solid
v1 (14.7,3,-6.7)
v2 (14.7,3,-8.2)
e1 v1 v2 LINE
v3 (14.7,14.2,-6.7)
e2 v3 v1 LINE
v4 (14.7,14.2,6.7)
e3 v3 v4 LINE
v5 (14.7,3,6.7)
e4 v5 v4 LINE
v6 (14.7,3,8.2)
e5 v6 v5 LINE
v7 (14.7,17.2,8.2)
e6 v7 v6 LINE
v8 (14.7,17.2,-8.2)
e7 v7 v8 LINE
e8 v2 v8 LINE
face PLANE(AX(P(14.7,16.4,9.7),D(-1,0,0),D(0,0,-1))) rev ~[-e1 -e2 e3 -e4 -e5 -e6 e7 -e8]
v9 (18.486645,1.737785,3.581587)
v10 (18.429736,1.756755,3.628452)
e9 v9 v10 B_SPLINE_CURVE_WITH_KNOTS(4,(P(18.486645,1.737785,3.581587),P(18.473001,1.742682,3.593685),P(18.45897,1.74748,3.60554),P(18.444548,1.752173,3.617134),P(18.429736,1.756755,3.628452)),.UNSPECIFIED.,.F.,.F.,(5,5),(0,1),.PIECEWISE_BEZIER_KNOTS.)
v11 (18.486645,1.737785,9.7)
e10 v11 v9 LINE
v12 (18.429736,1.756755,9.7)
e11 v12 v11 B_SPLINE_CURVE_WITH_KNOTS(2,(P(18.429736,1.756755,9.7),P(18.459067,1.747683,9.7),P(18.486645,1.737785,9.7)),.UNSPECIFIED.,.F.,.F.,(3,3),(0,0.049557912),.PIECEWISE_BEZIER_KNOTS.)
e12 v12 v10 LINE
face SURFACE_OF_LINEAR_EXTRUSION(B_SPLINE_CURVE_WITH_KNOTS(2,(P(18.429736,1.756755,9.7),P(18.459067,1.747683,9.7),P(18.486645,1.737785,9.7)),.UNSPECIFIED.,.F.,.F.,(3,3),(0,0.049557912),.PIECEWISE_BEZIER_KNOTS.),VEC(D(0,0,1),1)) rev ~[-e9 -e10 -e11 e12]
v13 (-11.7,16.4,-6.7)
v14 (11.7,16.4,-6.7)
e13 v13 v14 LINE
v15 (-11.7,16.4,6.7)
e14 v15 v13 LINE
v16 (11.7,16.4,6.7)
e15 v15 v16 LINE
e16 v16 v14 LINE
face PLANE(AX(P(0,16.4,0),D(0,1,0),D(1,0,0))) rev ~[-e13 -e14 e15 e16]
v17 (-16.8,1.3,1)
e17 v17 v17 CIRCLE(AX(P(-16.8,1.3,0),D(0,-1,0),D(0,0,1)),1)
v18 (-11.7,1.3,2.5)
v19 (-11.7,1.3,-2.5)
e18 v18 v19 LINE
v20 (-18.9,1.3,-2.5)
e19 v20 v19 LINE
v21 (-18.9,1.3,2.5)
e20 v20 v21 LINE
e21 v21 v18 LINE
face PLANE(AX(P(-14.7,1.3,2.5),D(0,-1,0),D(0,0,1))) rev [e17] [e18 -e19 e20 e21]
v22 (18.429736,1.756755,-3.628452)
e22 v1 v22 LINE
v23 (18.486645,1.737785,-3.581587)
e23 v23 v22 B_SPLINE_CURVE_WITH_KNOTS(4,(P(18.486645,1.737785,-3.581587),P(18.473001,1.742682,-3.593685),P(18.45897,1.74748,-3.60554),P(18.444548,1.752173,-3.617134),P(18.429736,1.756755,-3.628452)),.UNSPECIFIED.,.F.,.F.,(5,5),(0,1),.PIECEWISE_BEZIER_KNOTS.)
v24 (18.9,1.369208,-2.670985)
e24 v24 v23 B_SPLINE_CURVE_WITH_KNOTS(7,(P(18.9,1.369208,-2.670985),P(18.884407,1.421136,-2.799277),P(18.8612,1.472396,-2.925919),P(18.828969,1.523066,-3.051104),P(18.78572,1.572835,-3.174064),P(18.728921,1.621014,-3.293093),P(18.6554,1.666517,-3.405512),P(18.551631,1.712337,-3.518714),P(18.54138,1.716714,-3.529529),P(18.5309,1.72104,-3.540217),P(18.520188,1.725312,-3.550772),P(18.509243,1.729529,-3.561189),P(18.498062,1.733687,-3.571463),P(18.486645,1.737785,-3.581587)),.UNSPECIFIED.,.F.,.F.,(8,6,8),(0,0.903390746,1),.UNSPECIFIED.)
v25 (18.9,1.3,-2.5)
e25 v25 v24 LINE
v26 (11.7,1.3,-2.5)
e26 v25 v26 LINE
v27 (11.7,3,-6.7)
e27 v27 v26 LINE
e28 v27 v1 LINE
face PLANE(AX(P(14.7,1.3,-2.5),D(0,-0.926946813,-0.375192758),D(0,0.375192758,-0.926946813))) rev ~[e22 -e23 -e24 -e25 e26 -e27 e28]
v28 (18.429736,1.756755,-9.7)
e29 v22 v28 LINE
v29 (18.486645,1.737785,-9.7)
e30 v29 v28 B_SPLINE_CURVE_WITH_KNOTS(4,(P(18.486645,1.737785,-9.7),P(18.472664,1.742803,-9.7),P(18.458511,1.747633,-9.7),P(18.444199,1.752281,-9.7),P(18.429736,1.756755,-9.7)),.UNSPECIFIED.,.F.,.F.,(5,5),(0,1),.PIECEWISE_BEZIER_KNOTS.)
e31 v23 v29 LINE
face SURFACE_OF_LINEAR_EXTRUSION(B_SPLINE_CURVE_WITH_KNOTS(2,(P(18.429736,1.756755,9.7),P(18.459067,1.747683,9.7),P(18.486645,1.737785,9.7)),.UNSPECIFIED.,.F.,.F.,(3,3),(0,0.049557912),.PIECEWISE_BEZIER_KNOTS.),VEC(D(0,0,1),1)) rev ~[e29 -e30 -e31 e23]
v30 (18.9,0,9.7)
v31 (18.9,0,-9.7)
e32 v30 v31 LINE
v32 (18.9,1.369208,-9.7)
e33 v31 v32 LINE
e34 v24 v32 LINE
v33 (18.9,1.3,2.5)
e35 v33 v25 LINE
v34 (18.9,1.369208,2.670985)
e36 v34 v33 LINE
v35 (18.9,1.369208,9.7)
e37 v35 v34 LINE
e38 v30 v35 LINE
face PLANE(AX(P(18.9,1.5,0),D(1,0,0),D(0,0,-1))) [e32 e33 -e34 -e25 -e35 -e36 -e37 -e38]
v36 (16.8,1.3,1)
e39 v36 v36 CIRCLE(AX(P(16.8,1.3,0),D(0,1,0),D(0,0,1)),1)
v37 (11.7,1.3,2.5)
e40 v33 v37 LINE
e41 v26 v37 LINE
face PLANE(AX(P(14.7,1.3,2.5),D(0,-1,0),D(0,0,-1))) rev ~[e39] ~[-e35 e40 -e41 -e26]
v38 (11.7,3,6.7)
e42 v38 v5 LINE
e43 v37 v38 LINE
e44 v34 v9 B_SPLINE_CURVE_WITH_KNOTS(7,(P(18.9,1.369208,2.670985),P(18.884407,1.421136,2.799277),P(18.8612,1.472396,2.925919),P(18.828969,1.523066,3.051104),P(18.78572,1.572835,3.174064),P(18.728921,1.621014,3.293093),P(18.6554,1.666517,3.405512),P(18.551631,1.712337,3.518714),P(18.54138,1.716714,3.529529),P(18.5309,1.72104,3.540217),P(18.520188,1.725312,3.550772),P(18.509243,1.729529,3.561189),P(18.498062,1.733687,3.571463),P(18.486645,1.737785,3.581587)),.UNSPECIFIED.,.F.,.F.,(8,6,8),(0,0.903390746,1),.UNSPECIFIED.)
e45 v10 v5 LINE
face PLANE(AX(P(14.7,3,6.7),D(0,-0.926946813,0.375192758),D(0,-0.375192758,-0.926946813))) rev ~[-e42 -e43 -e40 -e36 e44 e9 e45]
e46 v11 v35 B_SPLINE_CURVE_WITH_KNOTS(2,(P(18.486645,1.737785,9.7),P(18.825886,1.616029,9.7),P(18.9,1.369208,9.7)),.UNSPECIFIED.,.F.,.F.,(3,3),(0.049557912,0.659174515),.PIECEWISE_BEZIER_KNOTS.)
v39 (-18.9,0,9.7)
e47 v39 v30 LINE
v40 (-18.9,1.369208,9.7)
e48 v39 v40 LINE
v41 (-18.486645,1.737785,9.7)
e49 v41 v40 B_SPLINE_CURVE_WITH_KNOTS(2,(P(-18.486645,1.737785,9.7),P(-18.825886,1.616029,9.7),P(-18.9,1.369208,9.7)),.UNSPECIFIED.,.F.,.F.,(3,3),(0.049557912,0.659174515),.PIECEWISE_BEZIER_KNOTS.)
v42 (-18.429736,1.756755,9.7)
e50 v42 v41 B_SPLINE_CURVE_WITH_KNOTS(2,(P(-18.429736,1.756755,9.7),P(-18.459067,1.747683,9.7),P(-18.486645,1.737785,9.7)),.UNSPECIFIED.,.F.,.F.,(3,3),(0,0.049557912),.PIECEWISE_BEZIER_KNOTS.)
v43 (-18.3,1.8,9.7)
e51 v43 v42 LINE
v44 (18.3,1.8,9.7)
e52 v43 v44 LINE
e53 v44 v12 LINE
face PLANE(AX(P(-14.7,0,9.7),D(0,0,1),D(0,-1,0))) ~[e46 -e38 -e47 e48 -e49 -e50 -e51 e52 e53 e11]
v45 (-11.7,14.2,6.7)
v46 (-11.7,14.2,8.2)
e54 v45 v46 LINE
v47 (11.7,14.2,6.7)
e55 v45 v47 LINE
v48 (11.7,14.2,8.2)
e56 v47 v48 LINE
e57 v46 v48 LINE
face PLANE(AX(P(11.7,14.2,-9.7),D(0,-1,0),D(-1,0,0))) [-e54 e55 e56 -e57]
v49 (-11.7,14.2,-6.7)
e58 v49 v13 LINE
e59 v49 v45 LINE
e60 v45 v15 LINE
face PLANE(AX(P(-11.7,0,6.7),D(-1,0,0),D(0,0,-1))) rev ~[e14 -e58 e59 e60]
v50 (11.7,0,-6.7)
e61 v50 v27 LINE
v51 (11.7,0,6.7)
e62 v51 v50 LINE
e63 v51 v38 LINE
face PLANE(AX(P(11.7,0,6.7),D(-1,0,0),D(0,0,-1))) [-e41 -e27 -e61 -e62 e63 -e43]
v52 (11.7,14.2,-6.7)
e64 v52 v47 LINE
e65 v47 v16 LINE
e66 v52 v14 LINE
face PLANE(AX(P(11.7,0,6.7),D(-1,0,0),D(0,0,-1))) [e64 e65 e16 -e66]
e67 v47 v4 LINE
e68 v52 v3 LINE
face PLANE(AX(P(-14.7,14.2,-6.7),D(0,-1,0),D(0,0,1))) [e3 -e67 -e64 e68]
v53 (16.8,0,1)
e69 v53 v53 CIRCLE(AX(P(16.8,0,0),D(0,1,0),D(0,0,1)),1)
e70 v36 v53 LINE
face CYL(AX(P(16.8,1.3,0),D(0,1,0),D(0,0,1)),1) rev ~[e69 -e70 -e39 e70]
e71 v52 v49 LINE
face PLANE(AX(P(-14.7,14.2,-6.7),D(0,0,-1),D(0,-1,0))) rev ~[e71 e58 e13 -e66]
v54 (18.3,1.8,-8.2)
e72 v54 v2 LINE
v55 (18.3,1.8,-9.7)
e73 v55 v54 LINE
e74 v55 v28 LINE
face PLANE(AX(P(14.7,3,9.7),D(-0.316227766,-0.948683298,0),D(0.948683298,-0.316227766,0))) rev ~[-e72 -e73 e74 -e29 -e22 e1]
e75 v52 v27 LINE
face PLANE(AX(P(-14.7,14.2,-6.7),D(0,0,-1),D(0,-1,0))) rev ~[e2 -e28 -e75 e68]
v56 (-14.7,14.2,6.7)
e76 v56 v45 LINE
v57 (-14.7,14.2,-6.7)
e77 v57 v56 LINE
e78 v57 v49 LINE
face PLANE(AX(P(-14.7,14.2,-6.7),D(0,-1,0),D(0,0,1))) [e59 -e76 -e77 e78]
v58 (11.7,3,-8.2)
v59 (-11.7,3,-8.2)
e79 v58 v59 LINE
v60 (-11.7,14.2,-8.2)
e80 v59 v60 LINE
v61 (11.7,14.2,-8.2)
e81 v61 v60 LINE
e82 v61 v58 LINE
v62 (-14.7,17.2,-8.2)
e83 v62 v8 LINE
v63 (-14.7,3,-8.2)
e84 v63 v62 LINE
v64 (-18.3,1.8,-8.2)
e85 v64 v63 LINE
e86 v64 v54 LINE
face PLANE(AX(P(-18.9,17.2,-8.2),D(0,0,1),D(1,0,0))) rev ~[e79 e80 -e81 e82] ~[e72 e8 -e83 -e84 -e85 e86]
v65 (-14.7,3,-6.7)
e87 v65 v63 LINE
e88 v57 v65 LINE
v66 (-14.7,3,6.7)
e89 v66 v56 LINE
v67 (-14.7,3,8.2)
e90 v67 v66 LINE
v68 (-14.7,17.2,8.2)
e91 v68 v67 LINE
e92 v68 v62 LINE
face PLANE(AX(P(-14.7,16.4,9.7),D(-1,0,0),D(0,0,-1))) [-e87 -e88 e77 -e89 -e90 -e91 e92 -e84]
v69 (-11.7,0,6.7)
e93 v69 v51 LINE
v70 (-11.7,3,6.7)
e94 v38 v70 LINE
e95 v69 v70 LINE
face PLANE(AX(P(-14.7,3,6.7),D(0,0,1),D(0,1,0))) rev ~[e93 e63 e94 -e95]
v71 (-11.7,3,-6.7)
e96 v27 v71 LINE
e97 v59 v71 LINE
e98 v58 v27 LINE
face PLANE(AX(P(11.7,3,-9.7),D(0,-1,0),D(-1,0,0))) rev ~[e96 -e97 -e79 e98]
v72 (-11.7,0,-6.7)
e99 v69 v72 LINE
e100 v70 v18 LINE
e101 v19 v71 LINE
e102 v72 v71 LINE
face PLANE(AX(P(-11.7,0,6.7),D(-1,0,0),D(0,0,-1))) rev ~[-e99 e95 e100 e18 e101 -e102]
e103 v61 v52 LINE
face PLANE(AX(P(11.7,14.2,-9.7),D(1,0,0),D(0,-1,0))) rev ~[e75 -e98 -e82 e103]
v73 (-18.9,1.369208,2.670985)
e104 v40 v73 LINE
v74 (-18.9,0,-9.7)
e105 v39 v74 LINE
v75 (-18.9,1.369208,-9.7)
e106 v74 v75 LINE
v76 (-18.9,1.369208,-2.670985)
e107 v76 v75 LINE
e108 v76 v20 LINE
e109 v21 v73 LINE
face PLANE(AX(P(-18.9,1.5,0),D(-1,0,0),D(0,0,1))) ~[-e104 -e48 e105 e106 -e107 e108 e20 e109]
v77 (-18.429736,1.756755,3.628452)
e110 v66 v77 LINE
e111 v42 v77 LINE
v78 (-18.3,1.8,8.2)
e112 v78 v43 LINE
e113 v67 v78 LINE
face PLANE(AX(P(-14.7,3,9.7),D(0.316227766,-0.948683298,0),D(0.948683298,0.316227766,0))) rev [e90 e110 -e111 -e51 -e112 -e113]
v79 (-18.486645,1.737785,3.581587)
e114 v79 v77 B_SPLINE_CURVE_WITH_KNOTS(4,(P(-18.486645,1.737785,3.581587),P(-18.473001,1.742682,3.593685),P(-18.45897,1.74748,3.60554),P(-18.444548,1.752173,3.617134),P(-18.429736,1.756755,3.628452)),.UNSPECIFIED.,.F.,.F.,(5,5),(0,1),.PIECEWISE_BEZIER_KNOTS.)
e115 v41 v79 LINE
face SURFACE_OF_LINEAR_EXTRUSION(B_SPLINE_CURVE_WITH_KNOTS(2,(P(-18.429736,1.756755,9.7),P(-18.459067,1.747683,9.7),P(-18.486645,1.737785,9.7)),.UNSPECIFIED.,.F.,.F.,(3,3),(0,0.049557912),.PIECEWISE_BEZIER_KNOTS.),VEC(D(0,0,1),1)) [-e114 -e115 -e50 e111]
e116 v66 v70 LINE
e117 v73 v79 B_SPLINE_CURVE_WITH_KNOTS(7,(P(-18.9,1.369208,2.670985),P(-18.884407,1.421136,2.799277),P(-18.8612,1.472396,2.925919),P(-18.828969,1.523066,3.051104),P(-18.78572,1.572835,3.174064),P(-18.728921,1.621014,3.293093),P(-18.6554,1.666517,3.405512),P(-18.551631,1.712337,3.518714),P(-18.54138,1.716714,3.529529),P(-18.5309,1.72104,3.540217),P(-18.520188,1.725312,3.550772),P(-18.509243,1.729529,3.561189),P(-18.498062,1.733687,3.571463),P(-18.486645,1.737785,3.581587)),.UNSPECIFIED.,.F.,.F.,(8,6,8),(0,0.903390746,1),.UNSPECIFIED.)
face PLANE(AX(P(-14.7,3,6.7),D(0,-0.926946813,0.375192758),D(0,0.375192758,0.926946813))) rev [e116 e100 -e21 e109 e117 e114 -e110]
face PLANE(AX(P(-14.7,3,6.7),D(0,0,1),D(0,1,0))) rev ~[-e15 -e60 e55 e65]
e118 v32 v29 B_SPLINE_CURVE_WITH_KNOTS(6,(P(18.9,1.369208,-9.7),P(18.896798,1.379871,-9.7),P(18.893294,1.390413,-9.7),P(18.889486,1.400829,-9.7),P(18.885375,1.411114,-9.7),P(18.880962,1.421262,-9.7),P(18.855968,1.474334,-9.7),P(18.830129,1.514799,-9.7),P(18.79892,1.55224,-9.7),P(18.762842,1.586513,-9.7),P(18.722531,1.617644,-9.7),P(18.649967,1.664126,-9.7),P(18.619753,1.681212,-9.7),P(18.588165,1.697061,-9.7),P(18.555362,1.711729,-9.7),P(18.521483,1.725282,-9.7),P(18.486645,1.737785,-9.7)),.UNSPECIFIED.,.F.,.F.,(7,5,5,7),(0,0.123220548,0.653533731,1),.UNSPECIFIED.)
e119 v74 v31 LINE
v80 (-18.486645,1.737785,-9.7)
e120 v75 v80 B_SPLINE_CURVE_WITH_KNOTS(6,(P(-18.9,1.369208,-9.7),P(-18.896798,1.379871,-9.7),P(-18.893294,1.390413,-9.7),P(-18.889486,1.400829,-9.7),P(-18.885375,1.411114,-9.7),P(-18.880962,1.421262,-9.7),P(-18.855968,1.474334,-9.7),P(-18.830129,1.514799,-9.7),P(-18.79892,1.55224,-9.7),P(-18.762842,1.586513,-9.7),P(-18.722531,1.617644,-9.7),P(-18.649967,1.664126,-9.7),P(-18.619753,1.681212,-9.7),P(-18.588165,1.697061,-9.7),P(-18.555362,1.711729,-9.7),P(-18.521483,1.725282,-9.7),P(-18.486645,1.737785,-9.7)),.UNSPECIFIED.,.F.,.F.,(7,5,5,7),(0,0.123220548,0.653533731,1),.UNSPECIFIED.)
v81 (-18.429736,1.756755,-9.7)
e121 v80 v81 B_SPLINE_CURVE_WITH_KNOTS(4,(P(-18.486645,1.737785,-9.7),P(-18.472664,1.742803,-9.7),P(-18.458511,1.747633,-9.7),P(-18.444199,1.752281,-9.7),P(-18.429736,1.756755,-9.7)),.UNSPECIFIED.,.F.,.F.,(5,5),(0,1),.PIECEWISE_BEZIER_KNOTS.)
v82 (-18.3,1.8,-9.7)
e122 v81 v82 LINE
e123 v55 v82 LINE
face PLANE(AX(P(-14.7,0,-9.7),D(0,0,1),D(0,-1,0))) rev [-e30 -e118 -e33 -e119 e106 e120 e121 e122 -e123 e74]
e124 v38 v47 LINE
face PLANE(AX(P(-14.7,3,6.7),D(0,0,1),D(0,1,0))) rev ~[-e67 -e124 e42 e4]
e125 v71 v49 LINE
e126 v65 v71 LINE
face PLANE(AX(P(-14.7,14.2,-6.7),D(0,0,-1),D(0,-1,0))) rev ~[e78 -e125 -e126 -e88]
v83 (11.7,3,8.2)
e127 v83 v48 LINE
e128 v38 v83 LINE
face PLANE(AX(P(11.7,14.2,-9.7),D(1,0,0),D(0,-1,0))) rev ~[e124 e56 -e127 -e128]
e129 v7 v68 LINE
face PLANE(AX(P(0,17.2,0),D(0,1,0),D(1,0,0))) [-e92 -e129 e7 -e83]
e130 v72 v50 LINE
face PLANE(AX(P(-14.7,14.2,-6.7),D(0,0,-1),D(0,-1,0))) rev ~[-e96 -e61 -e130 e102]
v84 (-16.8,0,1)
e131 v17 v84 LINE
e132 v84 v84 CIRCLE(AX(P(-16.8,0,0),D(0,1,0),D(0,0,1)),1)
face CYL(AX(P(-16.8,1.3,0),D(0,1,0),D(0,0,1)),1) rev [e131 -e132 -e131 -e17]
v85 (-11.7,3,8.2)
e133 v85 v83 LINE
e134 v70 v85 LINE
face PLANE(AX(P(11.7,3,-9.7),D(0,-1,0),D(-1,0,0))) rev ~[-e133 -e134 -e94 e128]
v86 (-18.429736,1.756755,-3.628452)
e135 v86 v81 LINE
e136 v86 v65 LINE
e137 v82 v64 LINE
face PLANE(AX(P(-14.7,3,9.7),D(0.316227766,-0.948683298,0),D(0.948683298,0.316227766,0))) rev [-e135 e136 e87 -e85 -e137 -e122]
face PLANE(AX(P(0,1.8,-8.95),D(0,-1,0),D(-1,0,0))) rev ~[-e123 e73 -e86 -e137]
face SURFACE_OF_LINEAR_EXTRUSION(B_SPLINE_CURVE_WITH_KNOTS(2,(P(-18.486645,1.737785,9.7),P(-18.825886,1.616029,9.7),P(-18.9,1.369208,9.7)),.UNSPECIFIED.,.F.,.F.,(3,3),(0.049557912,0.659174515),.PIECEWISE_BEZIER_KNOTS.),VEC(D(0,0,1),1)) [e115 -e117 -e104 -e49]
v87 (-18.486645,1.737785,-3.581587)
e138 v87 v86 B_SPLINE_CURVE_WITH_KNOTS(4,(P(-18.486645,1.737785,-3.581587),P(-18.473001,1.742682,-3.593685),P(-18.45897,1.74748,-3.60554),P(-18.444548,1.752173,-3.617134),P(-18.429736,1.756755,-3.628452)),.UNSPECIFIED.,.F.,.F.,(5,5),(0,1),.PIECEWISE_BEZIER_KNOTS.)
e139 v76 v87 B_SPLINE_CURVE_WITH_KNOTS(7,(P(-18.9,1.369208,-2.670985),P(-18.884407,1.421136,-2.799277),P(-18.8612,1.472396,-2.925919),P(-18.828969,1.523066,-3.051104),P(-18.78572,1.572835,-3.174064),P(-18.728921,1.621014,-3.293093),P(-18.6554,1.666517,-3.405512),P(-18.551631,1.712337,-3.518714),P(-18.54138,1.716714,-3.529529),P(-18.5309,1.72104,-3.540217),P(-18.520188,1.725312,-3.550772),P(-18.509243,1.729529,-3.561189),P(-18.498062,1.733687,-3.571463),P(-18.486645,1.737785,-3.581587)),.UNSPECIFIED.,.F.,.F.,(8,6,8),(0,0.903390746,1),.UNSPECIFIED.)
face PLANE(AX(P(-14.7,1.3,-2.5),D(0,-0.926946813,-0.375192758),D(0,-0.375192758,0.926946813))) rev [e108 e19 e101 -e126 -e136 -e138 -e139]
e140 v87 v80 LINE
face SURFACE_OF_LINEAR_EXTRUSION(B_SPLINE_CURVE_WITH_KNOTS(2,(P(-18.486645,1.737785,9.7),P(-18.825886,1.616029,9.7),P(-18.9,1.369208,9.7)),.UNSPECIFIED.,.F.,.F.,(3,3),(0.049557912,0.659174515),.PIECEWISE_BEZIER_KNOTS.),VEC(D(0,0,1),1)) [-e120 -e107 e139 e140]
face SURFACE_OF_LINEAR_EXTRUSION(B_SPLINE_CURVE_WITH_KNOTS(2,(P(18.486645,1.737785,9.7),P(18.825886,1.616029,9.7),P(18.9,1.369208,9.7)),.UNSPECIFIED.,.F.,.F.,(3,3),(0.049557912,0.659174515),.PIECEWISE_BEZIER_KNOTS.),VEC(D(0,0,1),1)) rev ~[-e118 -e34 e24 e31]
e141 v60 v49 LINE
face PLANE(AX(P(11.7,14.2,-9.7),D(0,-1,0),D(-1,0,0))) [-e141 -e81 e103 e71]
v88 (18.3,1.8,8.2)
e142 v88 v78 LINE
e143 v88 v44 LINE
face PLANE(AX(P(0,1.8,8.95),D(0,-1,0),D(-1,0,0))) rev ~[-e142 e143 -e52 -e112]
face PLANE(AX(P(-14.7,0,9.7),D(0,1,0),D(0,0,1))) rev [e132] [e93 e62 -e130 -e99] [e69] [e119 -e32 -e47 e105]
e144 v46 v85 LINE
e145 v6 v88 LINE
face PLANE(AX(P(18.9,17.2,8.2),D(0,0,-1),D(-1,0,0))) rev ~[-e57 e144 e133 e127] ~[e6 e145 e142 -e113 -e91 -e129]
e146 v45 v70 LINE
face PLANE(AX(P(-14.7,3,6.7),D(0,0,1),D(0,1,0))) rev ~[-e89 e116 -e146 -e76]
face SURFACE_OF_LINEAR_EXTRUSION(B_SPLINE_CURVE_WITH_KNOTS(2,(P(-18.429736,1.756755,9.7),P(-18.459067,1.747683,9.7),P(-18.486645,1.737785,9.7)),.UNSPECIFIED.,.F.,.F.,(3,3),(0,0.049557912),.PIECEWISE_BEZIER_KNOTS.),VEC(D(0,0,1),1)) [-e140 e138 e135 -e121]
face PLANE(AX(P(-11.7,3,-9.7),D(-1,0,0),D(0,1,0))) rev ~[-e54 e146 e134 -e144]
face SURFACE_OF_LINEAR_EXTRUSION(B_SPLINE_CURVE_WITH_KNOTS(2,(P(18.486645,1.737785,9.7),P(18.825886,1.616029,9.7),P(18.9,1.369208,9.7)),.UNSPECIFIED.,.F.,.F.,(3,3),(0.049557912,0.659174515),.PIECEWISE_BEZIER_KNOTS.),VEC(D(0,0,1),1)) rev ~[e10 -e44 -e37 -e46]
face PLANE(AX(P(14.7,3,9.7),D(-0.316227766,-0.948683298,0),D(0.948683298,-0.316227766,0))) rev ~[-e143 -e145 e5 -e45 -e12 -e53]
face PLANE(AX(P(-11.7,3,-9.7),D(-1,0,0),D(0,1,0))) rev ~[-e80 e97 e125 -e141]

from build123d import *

# Parameters (mm, degrees)
SKETCH_1_W          = 29.4
SKETCH_1_H          = 19.4
SKETCH_1_W_2        = 23.4
SKETCH_1_H_2        = 13.4
EXTRUDE_1_DEPTH     = 16.4
SKETCH_2_W          = 29.4
SKETCH_2_H          = 19.4
EXTRUDE_2_DEPTH     = 0.8
SKETCH_7_W          = 13.4
SKETCH_7_H          = 5.6
CUT_EXTRUDE_2_DEPTH = 30
SKETCH_8_W          = 23.4
SKETCH_8_H          = 5.6
CUT_EXTRUDE_3_DEPTH = 30
SKETCH_9_W          = 19.4
SKETCH_9_H          = 3
EXTRUDE_5_DEPTH     = 4.2
CUT_EXTRUDE_4_DEPTH = 20.2
CUT_EXTRUDE_5_DEPTH = 5.1
SKETCH_12_R         = 1
CUT_EXTRUDE_6_DEPTH = 2.2
CUT_EXTRUDE_7_DEPTH = 15.4


with BuildPart() as part:
    # 草图1 → 凸台-拉伸1 (new body)
    with BuildSketch(Plane(origin=(0, 0, 0), x_dir=(1, 0, 0), z_dir=(0, 1, 0))):
        Rectangle(SKETCH_1_W, SKETCH_1_H)
        Rectangle(SKETCH_1_W_2, SKETCH_1_H_2, mode=Mode.SUBTRACT)
    extrude(amount=EXTRUDE_1_DEPTH)

    # 草图2 → 凸台-拉伸2 (add)
    with BuildSketch(Plane(origin=(0, 16.4, 0), x_dir=(1, 0, 0), z_dir=(0, 1, 0))):
        Rectangle(SKETCH_2_W, SKETCH_2_H)
    extrude(amount=EXTRUDE_2_DEPTH)

    # 草图7 → 切除-拉伸2 (cut)
    with BuildSketch(Plane.ZY.offset(14.7)):
        with Locations((0, 11.4)):
            Rectangle(SKETCH_7_W, SKETCH_7_H)
        with Locations((0, 5.8)):
            Rectangle(SKETCH_7_W, SKETCH_7_H)
    extrude(amount=-CUT_EXTRUDE_2_DEPTH, mode=Mode.SUBTRACT)

    # 草图8 → 切除-拉伸3 (cut)
    with BuildSketch(Plane(origin=(0, 0, -9.7), x_dir=(-1, 0, 0), z_dir=(0, 0, -1))):
        with Locations((0, 11.4)):
            Rectangle(SKETCH_8_W, SKETCH_8_H)
        with Locations((0, 5.8)):
            Rectangle(SKETCH_8_W, SKETCH_8_H)
    extrude(amount=-CUT_EXTRUDE_3_DEPTH, mode=Mode.SUBTRACT)

    # 草图9 → 凸台-拉伸5 (add)
    with BuildSketch(Plane(origin=(14.7, 0, 0), x_dir=(0, 0, -1), z_dir=(1, 0, 0))):
        with Locations((0, 1.5)):
            Rectangle(SKETCH_9_W, SKETCH_9_H)
    extrude_5 = extrude(amount=EXTRUDE_5_DEPTH)

    # 草图10 → 切除-拉伸4 (cut)
    with BuildSketch(Plane.XY.offset(9.7)):
        with BuildLine():
            add(Edge.make_bspline(
                [(18.486644801, 1.737785066), (18.825886074, 1.616028978), (18.9, 1.36920832)],
                knots=[0.049557912, 0.049557912, 0.049557912, 0.659174515, 0.659174515, 0.659174515], degree=2))
            Line((18.9, 1.36920832), (18.9, 1.6))
            Line((18.9, 1.6), (18.9, 3))
            Line((18.9, 3), (14.7, 3))
            Line((14.7, 3), (18.429736397, 1.756754534))
            add(Edge.make_bspline(
                [(18.429736397, 1.756754534), (18.459066665, 1.747683054), (18.486644801, 1.737785066)],
                knots=[0, 0, 0, 0.049557912, 0.049557912, 0.049557912], degree=2))
        make_face()
    cut_extrude_4 = extrude(amount=-CUT_EXTRUDE_4_DEPTH, mode=Mode.SUBTRACT)

    # 草图11 → 切除-拉伸5 (cut, symmetric)
    with BuildSketch(Plane(origin=(14.7, 0, 0), x_dir=(0, 0, -1), z_dir=(1, 0, 0))):
        Polygon((2.5, 1.3), (6.7, 3), (-6.7, 3), (-2.5, 1.3), align=None)
    cut_extrude_5 = extrude(amount=CUT_EXTRUDE_5_DEPTH, both=True, mode=Mode.SUBTRACT)

    # 草图12 → 切除-拉伸6 (cut)
    with BuildSketch(Plane(origin=(0, 1.3, 0), x_dir=(1, 0, 0), z_dir=(0, 1, 0))):
        with Locations(Location((16.8, 0, 0), (0, 0, 270))):
            Circle(SKETCH_12_R)
    cut_extrude_6 = extrude(amount=-CUT_EXTRUDE_6_DEPTH, mode=Mode.SUBTRACT)

    # 镜向1: 凸台-拉伸5, 切除-拉伸4, 切除-拉伸5, 切除-拉伸6 across plane
    add(extrude_5.mirror(Plane(origin=(0, 0, 0), x_dir=(0, 0, 1), z_dir=(1, 0, 0))))
    add(cut_extrude_4.mirror(Plane(origin=(0, 0, 0), x_dir=(0, 0, 1), z_dir=(1, 0, 0))), mode=Mode.SUBTRACT)
    add(cut_extrude_5.mirror(Plane(origin=(0, 0, 0), x_dir=(0, 0, 1), z_dir=(1, 0, 0))), mode=Mode.SUBTRACT)
    add(cut_extrude_6.mirror(Plane(origin=(0, 0, 0), x_dir=(0, 0, 1), z_dir=(1, 0, 0))), mode=Mode.SUBTRACT)

    # 草图13 → 切除-拉伸7 (cut)
    with BuildSketch(Plane(origin=(0, 17.2, 0), x_dir=(1, 0, 0), z_dir=(0, 1, 0))):
        Polygon((-14.7, 9.7), (14.7, 9.7), (18.9, 9.7), (18.9, 8.2), (14.7, 8.2), (-14.7, 8.2), (-18.9, 8.2), (-18.9, 9.7), align=None)
        Polygon((14.7, -9.7), (-14.7, -9.7), (-18.9, -9.7), (-18.9, -8.2), (-14.7, -8.2), (14.7, -8.2), (18.9, -8.2), (18.9, -9.7), align=None)
    extrude(amount=-CUT_EXTRUDE_7_DEPTH, mode=Mode.SUBTRACT)


solid = part.part
